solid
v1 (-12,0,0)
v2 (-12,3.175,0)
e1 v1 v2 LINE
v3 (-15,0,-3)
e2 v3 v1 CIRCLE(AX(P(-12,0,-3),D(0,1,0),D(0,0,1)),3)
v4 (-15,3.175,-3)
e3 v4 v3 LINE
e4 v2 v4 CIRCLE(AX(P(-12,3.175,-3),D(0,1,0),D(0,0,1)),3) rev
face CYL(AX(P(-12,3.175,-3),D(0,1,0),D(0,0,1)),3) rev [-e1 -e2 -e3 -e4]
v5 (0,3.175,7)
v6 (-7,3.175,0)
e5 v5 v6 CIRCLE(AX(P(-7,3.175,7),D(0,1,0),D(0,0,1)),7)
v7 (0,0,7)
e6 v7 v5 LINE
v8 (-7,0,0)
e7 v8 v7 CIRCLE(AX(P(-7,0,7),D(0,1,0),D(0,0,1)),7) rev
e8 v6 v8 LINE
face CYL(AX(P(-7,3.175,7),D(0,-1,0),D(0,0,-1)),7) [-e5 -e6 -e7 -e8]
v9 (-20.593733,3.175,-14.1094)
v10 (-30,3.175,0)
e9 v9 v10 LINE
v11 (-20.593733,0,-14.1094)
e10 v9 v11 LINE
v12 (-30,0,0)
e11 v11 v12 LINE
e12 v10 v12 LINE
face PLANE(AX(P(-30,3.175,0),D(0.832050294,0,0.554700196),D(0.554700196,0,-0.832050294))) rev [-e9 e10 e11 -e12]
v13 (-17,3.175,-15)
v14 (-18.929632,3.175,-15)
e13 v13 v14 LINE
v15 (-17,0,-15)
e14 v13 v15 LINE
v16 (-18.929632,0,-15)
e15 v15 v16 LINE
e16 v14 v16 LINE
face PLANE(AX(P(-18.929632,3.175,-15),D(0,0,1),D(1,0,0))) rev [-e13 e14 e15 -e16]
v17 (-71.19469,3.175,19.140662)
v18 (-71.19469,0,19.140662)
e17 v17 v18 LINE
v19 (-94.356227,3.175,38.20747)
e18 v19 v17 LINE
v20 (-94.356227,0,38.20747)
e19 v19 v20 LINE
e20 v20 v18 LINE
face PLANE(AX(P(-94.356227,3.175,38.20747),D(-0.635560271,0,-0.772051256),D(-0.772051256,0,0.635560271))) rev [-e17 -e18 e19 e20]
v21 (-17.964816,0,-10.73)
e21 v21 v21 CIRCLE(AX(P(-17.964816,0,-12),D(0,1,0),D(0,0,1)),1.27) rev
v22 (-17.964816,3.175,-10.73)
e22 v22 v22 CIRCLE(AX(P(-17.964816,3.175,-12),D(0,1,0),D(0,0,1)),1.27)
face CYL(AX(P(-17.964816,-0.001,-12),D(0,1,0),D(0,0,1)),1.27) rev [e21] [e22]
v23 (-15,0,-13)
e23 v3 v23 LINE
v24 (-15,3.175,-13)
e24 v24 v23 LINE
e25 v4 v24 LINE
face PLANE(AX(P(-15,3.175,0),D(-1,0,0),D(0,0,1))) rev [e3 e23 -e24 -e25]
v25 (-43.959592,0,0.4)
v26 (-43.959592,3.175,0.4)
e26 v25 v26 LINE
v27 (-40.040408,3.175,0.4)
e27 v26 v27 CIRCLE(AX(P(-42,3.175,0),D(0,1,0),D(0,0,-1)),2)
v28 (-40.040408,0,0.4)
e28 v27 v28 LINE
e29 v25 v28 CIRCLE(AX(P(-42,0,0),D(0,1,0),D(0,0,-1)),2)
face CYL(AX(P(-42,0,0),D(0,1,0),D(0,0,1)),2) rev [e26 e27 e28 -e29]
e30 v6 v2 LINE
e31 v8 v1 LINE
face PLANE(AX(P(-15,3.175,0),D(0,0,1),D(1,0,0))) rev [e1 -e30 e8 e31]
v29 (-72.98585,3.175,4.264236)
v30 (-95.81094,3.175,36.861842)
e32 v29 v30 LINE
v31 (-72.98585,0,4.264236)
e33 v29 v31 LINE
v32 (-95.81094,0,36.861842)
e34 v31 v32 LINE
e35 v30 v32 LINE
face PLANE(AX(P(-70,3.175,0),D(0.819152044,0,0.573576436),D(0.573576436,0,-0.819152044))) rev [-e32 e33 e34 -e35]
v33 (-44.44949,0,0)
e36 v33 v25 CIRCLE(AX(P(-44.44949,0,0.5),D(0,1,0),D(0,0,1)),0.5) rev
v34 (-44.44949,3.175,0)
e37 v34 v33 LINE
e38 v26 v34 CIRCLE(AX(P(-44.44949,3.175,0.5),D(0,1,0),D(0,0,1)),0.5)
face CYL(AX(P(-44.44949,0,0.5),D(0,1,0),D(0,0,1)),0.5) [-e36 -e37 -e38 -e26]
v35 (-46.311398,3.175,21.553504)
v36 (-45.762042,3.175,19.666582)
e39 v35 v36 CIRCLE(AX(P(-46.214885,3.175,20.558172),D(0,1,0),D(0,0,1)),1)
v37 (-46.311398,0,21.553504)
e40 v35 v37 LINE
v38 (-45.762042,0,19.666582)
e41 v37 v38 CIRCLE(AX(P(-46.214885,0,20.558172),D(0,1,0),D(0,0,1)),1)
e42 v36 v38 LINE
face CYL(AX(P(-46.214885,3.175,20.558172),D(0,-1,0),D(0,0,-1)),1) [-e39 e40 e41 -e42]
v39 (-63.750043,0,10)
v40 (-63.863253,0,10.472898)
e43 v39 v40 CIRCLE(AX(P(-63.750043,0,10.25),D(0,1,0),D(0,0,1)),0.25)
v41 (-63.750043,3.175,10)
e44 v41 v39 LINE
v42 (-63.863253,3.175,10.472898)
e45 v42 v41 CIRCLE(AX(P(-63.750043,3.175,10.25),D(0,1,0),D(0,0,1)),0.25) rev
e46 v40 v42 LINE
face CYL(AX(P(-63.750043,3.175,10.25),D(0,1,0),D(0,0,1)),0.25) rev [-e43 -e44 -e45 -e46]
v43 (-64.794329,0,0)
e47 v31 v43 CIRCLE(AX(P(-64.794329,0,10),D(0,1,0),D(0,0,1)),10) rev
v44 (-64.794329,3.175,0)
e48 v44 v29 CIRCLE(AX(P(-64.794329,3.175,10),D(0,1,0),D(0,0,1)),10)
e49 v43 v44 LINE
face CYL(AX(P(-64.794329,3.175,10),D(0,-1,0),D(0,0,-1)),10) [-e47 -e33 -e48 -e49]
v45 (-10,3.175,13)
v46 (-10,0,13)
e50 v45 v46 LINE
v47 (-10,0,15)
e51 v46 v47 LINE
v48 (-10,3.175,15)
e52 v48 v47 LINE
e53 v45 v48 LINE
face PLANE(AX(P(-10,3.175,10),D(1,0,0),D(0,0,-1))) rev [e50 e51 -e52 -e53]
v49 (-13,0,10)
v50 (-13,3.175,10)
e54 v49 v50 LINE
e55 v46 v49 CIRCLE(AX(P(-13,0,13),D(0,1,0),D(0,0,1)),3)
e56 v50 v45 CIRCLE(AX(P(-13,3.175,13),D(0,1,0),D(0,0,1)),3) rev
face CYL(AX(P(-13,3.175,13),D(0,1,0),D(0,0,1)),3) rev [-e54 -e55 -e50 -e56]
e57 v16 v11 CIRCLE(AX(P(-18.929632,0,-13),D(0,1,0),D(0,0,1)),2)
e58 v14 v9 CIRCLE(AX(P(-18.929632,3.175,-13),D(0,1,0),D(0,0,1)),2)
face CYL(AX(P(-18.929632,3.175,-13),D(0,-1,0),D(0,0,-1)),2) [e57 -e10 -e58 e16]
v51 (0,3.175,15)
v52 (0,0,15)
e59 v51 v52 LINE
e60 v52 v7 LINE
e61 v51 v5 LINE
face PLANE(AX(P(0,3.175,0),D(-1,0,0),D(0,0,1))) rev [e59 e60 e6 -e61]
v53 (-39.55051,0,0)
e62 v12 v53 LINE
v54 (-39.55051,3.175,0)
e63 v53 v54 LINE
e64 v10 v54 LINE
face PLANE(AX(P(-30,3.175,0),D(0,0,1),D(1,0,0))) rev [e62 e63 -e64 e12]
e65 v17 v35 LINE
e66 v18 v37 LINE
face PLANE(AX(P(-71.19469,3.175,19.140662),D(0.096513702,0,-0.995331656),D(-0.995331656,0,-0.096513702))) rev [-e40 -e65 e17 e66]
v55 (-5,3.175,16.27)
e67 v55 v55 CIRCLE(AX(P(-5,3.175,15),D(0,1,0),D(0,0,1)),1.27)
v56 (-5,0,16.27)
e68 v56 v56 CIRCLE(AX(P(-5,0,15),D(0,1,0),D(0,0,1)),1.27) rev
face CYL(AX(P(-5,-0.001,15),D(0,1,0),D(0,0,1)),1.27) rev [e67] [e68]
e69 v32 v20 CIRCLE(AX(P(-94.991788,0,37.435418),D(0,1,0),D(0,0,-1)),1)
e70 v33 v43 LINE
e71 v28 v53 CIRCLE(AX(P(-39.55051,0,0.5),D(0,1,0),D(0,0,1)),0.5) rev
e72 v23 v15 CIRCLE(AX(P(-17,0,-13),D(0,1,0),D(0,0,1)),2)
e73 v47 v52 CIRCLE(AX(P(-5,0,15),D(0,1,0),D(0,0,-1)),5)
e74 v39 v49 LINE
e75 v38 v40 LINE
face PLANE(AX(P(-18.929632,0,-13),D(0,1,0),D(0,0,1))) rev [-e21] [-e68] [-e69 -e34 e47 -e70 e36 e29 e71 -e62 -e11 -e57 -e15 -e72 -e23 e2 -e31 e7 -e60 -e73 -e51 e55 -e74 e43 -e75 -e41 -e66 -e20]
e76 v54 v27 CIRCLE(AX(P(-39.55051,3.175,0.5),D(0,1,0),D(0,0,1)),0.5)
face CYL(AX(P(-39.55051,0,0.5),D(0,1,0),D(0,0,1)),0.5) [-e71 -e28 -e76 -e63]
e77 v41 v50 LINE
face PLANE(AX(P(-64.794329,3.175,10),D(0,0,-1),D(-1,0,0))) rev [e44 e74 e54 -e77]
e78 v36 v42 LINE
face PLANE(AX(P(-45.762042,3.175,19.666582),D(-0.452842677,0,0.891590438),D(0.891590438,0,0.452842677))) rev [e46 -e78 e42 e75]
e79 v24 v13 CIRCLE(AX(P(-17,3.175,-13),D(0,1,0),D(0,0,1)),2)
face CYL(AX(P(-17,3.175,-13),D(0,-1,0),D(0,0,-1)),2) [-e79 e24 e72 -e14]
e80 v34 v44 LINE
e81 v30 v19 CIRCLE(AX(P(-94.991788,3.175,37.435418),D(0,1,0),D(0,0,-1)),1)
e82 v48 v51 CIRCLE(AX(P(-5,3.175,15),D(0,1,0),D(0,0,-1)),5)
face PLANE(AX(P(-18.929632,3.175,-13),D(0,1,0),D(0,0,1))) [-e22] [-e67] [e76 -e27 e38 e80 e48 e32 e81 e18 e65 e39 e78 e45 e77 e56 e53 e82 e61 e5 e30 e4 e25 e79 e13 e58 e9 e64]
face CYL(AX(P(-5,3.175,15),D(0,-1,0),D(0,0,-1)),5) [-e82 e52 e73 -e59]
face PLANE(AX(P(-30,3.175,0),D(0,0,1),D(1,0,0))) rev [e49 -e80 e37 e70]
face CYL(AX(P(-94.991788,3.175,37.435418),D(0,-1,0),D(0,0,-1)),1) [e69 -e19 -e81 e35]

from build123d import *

# Parameters (mm, degrees)
BOSS_EXTRUDE1_DEPTH = 3.175
CUT_EXTRUDE1_REACH  = 105.449
SKETCH2_R           = 1.27
CUT_EXTRUDE2_DEPTH  = 104.449433541
FILLET1_R           = 10
FILLET2_R           = 0.25
FILLET3_R           = 3
FILLET4_R           = 0.5
FILLET5_R           = 7
FILLET6_R           = 3


with BuildPart() as part:
    # Sketch1 → Boss-Extrude1 (new body)
    with BuildSketch(Plane(origin=(0, 0, 0), x_dir=(1, 0, 0), z_dir=(0, 1, 0))):
        with BuildLine():
            Line((-30, 0), (-70, 0))
            Line((-70, 0), (-95.810939636, -36.861841993))
            ThreePointArc((-95.810939636, -36.861841993), (-95.670834686, -38.169513139), (-94.356227321, -38.207469686))
            Line((-94.356227321, -38.207469686), (-71.194689629, -19.140661569))
            Line((-71.194689629, -19.140661569), (-46.31139823, -21.55350411))
            ThreePointArc((-46.31139823, -21.55350411), (-45.254748427, -20.8377054), (-45.762041851, -19.666582016))
            Line((-45.762041851, -19.666582016), (-64.794329494, -10))
            Line((-64.794329494, -10), (-10, -10))
            Line((-10, -10), (-10, -15))
            ThreePointArc((-10, -15), (-5, -20), (0, -15))
            Line((0, -15), (0, 0))
            Line((0, 0), (-15, 0))
            Line((-15, 0), (-15, 13))
            ThreePointArc((-15, 13), (-15.585786438, 14.414213562), (-17, 15))
            Line((-17, 15), (-18.929632483, 15))
            ThreePointArc((-18.929632483, 15), (-19.873348334, 14.763349198), (-20.593733072, 14.109400392))
            Line((-20.593733072, 14.109400392), (-30, 0))
        make_face()
    extrude(amount=BOSS_EXTRUDE1_DEPTH)

    # Sketch2 → Cut-Extrude1 (cut, up to next)
    with BuildSketch(Plane(origin=(0, 3.175, 0), x_dir=(1, 0, 0), z_dir=(0, 1, 0)), mode=Mode.PRIVATE) as cut_extrude1_sk1:
        with Locations(Location((-5, -15, 0), (0, 0, 270))):
            Circle(SKETCH2_R)
    cut_extrude1_tool1 = extrude(cut_extrude1_sk1.sketch, amount=-CUT_EXTRUDE1_REACH, mode=Mode.PRIVATE) & part.part
    # Sketch2 → Cut-Extrude1 (cut, up to next)
    with BuildSketch(Plane(origin=(0, 3.175, 0), x_dir=(1, 0, 0), z_dir=(0, 1, 0)), mode=Mode.PRIVATE) as cut_extrude1_sk2:
        with Locations(Location((-17.964816242, 12, 0), (0, 0, 270))):
            Circle(SKETCH2_R)
    cut_extrude1_tool2 = extrude(cut_extrude1_sk2.sketch, amount=-CUT_EXTRUDE1_REACH, mode=Mode.PRIVATE) & part.part
    add(cut_extrude1_tool1.solids().sort_by_distance((-5, 3.175, 15))[0], mode=Mode.SUBTRACT)
    add(cut_extrude1_tool2.solids().sort_by_distance((-17.964816, 3.175, -12))[0], mode=Mode.SUBTRACT)

    # Sketch3 → Cut-Extrude2 (cut, through all)
    with BuildSketch(Plane(origin=(0, 3.175, 0), x_dir=(1, 0, 0), z_dir=(0, 1, 0))):
        with BuildLine():
            Line((-44, 0), (-40, 0))
            ThreePointArc((-40, 0), (-42, -2), (-44, 0))
        make_face()
    extrude(amount=-CUT_EXTRUDE2_DEPTH, mode=Mode.SUBTRACT)

    # Fillet1
    fillet1_edges = [part.edges().sort_by_distance(p)[0] for p in [
        (-70, 1.5875, 0),
    ]]
    fillet(fillet1_edges, radius=FILLET1_R)

    # Fillet2
    fillet2_edges = [part.edges().sort_by_distance(p)[0] for p in [
        (-64.794329494, 1.5875, 10),
    ]]
    fillet(fillet2_edges, radius=FILLET2_R)

    # Fillet3
    fillet3_edges = [part.edges().sort_by_distance(p)[0] for p in [
        (-10, 1.5875, 10),
    ]]
    fillet(fillet3_edges, radius=FILLET3_R)

    # Fillet4
    fillet4_edges = [part.edges().sort_by_distance(p)[0] for p in [
        (-40, 1.5875, 0),
        (-44, 1.5875, 0),
    ]]
    fillet(fillet4_edges, radius=FILLET4_R)

    # Fillet5
    fillet5_edges = [part.edges().sort_by_distance(p)[0] for p in [
        (0, 1.5875, 0),
    ]]
    fillet(fillet5_edges, radius=FILLET5_R)

    # Fillet6
    fillet6_edges = [part.edges().sort_by_distance(p)[0] for p in [
        (-15, 1.5875, 0),
    ]]
    fillet(fillet6_edges, radius=FILLET6_R)


solid = part.part
